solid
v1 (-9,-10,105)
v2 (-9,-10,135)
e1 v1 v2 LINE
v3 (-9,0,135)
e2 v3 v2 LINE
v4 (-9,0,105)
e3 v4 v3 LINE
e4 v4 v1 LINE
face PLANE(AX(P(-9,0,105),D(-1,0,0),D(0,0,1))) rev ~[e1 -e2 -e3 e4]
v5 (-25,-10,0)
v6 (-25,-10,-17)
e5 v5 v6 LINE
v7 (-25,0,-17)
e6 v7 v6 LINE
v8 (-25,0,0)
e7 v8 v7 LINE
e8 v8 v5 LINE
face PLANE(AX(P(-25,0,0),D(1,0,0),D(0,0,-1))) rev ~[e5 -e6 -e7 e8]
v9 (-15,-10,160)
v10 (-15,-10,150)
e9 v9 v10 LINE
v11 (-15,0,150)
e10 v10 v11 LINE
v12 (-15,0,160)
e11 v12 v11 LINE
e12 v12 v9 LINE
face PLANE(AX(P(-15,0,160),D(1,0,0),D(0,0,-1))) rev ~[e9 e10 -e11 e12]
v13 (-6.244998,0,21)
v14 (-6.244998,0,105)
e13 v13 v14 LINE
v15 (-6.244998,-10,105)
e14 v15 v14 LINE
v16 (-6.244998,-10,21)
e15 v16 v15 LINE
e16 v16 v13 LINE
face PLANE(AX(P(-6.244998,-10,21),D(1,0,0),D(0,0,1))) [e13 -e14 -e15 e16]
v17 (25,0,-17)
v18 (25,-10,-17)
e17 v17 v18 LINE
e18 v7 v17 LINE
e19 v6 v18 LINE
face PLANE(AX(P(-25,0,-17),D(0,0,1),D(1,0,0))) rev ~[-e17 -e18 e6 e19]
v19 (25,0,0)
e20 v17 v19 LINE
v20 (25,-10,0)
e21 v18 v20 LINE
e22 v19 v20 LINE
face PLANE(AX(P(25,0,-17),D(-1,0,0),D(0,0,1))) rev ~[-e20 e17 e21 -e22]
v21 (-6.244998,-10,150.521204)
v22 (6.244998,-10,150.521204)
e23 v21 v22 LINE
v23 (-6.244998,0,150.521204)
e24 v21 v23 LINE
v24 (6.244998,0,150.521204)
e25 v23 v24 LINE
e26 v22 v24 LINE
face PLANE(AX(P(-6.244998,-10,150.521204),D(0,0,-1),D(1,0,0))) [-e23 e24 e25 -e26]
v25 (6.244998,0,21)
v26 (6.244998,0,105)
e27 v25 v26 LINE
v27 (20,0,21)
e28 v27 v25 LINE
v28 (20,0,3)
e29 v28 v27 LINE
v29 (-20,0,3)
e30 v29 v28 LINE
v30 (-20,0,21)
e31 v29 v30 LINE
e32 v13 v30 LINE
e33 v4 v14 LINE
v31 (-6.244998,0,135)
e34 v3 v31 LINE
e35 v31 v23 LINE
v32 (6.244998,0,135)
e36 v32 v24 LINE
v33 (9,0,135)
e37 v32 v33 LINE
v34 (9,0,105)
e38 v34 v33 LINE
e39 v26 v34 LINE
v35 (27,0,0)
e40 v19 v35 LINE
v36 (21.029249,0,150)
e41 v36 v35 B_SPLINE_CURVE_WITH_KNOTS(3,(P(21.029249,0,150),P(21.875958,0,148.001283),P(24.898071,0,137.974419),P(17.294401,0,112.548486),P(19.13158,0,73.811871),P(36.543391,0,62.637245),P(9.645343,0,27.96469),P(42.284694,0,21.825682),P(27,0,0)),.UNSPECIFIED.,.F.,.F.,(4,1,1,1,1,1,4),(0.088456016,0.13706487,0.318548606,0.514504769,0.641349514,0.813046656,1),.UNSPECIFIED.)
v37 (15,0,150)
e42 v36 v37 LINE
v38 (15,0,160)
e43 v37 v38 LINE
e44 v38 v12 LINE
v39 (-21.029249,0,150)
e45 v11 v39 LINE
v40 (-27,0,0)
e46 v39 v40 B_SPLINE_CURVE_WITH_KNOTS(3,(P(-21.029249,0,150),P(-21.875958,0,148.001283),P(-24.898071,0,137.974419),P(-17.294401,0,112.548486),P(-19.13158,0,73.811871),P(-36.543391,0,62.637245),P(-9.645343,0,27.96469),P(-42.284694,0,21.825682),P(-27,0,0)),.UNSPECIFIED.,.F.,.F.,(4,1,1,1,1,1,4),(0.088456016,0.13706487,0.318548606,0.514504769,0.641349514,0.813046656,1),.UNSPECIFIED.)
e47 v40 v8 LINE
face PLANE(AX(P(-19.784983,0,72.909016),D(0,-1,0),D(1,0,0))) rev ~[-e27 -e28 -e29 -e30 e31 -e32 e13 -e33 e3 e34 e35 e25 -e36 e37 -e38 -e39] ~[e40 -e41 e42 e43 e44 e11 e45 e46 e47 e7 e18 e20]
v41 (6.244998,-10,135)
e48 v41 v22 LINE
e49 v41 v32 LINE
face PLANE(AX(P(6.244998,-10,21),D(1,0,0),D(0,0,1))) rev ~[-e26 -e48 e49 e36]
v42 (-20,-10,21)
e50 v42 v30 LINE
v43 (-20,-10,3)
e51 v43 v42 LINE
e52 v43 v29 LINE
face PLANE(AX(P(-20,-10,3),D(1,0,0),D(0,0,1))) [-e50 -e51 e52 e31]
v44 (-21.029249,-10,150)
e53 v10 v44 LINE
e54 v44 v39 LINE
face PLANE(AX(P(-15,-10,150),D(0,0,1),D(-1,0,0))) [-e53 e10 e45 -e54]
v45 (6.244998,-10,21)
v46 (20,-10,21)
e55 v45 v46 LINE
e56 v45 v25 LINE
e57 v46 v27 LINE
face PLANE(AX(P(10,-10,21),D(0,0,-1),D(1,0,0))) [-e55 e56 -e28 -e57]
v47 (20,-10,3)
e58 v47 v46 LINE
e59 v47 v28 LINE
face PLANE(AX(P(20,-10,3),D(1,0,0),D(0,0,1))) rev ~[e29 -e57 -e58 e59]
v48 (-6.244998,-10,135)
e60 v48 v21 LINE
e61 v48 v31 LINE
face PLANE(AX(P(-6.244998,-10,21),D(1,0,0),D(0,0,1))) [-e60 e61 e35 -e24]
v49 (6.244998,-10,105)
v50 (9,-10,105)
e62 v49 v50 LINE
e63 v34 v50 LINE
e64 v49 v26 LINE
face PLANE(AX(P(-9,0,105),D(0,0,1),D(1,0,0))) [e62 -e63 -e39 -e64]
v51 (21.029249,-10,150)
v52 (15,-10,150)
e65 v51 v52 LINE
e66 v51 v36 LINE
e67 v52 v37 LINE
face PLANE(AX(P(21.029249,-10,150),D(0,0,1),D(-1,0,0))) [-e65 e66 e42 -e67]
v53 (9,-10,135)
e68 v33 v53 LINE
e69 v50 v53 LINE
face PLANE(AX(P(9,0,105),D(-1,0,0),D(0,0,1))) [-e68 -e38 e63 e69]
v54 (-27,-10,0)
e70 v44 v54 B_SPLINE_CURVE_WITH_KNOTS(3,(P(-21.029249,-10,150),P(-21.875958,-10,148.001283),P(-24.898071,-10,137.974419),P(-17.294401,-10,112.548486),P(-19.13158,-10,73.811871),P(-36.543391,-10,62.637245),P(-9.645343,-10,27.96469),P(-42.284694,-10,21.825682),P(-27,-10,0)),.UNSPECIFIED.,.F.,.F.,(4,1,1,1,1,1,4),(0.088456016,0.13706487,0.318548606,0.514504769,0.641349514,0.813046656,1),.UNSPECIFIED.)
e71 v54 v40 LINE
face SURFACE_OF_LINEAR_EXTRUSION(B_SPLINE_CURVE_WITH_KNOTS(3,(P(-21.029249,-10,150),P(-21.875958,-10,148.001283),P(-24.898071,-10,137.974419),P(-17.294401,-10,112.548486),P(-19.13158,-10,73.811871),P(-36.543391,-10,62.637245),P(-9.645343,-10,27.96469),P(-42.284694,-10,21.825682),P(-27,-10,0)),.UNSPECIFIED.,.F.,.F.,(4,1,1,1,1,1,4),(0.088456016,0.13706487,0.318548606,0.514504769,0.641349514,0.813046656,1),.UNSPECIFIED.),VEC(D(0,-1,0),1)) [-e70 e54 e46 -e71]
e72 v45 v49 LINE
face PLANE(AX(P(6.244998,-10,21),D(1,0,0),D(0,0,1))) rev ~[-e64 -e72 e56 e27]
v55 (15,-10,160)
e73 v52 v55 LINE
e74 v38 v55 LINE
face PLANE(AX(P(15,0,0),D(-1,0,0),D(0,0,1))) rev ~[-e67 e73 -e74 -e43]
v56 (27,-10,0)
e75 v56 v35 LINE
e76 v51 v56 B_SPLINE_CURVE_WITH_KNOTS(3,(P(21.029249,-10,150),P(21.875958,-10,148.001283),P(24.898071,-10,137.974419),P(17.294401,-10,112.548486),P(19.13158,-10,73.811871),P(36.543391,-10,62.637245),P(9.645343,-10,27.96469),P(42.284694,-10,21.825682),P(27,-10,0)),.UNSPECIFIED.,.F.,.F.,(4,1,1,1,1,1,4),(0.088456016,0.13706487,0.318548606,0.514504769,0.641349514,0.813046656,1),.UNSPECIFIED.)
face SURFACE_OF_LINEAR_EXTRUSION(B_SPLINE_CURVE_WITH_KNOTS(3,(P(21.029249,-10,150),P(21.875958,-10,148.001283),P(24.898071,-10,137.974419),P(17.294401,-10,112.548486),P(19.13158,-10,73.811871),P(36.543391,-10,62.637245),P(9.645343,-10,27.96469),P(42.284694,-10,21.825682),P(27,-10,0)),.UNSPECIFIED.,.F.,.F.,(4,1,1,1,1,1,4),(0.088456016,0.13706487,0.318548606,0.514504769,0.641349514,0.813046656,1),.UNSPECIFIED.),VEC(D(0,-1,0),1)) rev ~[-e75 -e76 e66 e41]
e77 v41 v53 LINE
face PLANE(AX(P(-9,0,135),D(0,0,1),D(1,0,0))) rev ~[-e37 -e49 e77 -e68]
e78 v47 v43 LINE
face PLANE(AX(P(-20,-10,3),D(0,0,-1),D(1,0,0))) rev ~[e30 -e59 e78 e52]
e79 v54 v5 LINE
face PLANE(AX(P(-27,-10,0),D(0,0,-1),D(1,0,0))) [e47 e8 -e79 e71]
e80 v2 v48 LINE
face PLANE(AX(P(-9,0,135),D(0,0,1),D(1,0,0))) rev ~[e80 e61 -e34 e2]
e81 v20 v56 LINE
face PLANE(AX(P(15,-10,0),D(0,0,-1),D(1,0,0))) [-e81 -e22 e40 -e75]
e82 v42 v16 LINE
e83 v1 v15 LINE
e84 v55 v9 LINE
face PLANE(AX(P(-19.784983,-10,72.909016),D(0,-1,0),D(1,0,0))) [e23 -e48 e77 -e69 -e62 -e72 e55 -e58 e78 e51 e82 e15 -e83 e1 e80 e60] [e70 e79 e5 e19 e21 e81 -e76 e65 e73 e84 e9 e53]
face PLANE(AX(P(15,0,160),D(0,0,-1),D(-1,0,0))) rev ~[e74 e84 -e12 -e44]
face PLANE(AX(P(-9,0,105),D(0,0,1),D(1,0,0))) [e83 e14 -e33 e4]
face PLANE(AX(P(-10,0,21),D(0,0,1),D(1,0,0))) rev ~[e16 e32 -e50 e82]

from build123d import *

# Parameters (mm, degrees)
F0_W     = 20
F0_H     = 18
F0_W_2   = 18
F0_H_2   = 30
F1_DEPTH = 10
F3_DEPTH = 10
F4_W     = 12.4899959968
F4_H     = 129.5212038755
F5_DEPTH = 25
F6_W     = 10
F6_H     = 18
F7_DEPTH = 25


with BuildPart() as f1:
    # F0 (on Front) → F1 (new body)
    with BuildSketch(Plane.XZ):
        Polygon((-15, 0), (-25, 0), (-25, -17), (25, -17), (25, 0), (15, 0), (15, 160), (-15, 160), align=None)
        with Locations((0, 12)):
            Rectangle(F0_W, F0_H, mode=Mode.SUBTRACT)
        with Locations((0, 120)):
            Rectangle(F0_W_2, F0_H_2, mode=Mode.SUBTRACT)
    extrude(amount=F1_DEPTH)

    # F2 (on face) → F3 (join)
    with BuildSketch(Plane.XZ.offset(10)):
        with BuildLine():
            Line((-15, 150), (-21.0292486188, 150))
            add(Edge.make_bspline(
                [(-21.0292486188, 150), (-21.8759584302, 148.001282676), (-24.8980712464, 137.9744187621), (-17.2944008466, 112.5484863306), (-19.1315799921, 73.8118713362), (-36.5433909892, 62.6372447051), (-9.6453426201, 27.9646895652), (-42.2846944801, 21.8256817725), (-27, 0)],
                knots=[0.0884560158, 0.0884560158, 0.0884560158, 0.0884560158, 0.1370648704, 0.3185486056, 0.5145047689, 0.6413495139, 0.8130466565, 1, 1, 1, 1], degree=3))
            Line((-27, 0), (-15, 0))
            Line((-15, 0), (-15, 150))
        make_face()
        with BuildLine():
            Line((21.0292486188, 150), (15, 150))
            Line((15, 150), (15, 0))
            Line((15, 0), (27, 0))
            add(Edge.make_bspline(
                [(21.0292486188, 150), (21.8759584302, 148.001282676), (24.8980712464, 137.9744187621), (17.2944008466, 112.5484863306), (19.1315799921, 73.8118713362), (36.5433909892, 62.6372447051), (9.6453426201, 27.9646895652), (42.2846944801, 21.8256817725), (27, 0)],
                knots=[0.0884560158, 0.0884560158, 0.0884560158, 0.0884560158, 0.1370648704, 0.3185486056, 0.5145047689, 0.6413495139, 0.8130466565, 1, 1, 1, 1], degree=3))
        make_face()
    extrude(amount=-F3_DEPTH)

    # F4 (on face) → F5 (cut)
    with BuildSketch(Plane.XZ.offset(10)):
        with Locations((0, 85.7606019378)):
            Rectangle(F4_W, F4_H)
    extrude(amount=-F5_DEPTH, mode=Mode.SUBTRACT)

    # F6 (on face) → F7 (cut)
    with BuildSketch(Plane.XZ.offset(10)):
        with Locations((-15, 12)):
            Rectangle(F6_W, F6_H)
        with Locations((15, 12)):
            Rectangle(F6_W, F6_H)
    extrude(amount=-F7_DEPTH, mode=Mode.SUBTRACT)


solid = f1.part
